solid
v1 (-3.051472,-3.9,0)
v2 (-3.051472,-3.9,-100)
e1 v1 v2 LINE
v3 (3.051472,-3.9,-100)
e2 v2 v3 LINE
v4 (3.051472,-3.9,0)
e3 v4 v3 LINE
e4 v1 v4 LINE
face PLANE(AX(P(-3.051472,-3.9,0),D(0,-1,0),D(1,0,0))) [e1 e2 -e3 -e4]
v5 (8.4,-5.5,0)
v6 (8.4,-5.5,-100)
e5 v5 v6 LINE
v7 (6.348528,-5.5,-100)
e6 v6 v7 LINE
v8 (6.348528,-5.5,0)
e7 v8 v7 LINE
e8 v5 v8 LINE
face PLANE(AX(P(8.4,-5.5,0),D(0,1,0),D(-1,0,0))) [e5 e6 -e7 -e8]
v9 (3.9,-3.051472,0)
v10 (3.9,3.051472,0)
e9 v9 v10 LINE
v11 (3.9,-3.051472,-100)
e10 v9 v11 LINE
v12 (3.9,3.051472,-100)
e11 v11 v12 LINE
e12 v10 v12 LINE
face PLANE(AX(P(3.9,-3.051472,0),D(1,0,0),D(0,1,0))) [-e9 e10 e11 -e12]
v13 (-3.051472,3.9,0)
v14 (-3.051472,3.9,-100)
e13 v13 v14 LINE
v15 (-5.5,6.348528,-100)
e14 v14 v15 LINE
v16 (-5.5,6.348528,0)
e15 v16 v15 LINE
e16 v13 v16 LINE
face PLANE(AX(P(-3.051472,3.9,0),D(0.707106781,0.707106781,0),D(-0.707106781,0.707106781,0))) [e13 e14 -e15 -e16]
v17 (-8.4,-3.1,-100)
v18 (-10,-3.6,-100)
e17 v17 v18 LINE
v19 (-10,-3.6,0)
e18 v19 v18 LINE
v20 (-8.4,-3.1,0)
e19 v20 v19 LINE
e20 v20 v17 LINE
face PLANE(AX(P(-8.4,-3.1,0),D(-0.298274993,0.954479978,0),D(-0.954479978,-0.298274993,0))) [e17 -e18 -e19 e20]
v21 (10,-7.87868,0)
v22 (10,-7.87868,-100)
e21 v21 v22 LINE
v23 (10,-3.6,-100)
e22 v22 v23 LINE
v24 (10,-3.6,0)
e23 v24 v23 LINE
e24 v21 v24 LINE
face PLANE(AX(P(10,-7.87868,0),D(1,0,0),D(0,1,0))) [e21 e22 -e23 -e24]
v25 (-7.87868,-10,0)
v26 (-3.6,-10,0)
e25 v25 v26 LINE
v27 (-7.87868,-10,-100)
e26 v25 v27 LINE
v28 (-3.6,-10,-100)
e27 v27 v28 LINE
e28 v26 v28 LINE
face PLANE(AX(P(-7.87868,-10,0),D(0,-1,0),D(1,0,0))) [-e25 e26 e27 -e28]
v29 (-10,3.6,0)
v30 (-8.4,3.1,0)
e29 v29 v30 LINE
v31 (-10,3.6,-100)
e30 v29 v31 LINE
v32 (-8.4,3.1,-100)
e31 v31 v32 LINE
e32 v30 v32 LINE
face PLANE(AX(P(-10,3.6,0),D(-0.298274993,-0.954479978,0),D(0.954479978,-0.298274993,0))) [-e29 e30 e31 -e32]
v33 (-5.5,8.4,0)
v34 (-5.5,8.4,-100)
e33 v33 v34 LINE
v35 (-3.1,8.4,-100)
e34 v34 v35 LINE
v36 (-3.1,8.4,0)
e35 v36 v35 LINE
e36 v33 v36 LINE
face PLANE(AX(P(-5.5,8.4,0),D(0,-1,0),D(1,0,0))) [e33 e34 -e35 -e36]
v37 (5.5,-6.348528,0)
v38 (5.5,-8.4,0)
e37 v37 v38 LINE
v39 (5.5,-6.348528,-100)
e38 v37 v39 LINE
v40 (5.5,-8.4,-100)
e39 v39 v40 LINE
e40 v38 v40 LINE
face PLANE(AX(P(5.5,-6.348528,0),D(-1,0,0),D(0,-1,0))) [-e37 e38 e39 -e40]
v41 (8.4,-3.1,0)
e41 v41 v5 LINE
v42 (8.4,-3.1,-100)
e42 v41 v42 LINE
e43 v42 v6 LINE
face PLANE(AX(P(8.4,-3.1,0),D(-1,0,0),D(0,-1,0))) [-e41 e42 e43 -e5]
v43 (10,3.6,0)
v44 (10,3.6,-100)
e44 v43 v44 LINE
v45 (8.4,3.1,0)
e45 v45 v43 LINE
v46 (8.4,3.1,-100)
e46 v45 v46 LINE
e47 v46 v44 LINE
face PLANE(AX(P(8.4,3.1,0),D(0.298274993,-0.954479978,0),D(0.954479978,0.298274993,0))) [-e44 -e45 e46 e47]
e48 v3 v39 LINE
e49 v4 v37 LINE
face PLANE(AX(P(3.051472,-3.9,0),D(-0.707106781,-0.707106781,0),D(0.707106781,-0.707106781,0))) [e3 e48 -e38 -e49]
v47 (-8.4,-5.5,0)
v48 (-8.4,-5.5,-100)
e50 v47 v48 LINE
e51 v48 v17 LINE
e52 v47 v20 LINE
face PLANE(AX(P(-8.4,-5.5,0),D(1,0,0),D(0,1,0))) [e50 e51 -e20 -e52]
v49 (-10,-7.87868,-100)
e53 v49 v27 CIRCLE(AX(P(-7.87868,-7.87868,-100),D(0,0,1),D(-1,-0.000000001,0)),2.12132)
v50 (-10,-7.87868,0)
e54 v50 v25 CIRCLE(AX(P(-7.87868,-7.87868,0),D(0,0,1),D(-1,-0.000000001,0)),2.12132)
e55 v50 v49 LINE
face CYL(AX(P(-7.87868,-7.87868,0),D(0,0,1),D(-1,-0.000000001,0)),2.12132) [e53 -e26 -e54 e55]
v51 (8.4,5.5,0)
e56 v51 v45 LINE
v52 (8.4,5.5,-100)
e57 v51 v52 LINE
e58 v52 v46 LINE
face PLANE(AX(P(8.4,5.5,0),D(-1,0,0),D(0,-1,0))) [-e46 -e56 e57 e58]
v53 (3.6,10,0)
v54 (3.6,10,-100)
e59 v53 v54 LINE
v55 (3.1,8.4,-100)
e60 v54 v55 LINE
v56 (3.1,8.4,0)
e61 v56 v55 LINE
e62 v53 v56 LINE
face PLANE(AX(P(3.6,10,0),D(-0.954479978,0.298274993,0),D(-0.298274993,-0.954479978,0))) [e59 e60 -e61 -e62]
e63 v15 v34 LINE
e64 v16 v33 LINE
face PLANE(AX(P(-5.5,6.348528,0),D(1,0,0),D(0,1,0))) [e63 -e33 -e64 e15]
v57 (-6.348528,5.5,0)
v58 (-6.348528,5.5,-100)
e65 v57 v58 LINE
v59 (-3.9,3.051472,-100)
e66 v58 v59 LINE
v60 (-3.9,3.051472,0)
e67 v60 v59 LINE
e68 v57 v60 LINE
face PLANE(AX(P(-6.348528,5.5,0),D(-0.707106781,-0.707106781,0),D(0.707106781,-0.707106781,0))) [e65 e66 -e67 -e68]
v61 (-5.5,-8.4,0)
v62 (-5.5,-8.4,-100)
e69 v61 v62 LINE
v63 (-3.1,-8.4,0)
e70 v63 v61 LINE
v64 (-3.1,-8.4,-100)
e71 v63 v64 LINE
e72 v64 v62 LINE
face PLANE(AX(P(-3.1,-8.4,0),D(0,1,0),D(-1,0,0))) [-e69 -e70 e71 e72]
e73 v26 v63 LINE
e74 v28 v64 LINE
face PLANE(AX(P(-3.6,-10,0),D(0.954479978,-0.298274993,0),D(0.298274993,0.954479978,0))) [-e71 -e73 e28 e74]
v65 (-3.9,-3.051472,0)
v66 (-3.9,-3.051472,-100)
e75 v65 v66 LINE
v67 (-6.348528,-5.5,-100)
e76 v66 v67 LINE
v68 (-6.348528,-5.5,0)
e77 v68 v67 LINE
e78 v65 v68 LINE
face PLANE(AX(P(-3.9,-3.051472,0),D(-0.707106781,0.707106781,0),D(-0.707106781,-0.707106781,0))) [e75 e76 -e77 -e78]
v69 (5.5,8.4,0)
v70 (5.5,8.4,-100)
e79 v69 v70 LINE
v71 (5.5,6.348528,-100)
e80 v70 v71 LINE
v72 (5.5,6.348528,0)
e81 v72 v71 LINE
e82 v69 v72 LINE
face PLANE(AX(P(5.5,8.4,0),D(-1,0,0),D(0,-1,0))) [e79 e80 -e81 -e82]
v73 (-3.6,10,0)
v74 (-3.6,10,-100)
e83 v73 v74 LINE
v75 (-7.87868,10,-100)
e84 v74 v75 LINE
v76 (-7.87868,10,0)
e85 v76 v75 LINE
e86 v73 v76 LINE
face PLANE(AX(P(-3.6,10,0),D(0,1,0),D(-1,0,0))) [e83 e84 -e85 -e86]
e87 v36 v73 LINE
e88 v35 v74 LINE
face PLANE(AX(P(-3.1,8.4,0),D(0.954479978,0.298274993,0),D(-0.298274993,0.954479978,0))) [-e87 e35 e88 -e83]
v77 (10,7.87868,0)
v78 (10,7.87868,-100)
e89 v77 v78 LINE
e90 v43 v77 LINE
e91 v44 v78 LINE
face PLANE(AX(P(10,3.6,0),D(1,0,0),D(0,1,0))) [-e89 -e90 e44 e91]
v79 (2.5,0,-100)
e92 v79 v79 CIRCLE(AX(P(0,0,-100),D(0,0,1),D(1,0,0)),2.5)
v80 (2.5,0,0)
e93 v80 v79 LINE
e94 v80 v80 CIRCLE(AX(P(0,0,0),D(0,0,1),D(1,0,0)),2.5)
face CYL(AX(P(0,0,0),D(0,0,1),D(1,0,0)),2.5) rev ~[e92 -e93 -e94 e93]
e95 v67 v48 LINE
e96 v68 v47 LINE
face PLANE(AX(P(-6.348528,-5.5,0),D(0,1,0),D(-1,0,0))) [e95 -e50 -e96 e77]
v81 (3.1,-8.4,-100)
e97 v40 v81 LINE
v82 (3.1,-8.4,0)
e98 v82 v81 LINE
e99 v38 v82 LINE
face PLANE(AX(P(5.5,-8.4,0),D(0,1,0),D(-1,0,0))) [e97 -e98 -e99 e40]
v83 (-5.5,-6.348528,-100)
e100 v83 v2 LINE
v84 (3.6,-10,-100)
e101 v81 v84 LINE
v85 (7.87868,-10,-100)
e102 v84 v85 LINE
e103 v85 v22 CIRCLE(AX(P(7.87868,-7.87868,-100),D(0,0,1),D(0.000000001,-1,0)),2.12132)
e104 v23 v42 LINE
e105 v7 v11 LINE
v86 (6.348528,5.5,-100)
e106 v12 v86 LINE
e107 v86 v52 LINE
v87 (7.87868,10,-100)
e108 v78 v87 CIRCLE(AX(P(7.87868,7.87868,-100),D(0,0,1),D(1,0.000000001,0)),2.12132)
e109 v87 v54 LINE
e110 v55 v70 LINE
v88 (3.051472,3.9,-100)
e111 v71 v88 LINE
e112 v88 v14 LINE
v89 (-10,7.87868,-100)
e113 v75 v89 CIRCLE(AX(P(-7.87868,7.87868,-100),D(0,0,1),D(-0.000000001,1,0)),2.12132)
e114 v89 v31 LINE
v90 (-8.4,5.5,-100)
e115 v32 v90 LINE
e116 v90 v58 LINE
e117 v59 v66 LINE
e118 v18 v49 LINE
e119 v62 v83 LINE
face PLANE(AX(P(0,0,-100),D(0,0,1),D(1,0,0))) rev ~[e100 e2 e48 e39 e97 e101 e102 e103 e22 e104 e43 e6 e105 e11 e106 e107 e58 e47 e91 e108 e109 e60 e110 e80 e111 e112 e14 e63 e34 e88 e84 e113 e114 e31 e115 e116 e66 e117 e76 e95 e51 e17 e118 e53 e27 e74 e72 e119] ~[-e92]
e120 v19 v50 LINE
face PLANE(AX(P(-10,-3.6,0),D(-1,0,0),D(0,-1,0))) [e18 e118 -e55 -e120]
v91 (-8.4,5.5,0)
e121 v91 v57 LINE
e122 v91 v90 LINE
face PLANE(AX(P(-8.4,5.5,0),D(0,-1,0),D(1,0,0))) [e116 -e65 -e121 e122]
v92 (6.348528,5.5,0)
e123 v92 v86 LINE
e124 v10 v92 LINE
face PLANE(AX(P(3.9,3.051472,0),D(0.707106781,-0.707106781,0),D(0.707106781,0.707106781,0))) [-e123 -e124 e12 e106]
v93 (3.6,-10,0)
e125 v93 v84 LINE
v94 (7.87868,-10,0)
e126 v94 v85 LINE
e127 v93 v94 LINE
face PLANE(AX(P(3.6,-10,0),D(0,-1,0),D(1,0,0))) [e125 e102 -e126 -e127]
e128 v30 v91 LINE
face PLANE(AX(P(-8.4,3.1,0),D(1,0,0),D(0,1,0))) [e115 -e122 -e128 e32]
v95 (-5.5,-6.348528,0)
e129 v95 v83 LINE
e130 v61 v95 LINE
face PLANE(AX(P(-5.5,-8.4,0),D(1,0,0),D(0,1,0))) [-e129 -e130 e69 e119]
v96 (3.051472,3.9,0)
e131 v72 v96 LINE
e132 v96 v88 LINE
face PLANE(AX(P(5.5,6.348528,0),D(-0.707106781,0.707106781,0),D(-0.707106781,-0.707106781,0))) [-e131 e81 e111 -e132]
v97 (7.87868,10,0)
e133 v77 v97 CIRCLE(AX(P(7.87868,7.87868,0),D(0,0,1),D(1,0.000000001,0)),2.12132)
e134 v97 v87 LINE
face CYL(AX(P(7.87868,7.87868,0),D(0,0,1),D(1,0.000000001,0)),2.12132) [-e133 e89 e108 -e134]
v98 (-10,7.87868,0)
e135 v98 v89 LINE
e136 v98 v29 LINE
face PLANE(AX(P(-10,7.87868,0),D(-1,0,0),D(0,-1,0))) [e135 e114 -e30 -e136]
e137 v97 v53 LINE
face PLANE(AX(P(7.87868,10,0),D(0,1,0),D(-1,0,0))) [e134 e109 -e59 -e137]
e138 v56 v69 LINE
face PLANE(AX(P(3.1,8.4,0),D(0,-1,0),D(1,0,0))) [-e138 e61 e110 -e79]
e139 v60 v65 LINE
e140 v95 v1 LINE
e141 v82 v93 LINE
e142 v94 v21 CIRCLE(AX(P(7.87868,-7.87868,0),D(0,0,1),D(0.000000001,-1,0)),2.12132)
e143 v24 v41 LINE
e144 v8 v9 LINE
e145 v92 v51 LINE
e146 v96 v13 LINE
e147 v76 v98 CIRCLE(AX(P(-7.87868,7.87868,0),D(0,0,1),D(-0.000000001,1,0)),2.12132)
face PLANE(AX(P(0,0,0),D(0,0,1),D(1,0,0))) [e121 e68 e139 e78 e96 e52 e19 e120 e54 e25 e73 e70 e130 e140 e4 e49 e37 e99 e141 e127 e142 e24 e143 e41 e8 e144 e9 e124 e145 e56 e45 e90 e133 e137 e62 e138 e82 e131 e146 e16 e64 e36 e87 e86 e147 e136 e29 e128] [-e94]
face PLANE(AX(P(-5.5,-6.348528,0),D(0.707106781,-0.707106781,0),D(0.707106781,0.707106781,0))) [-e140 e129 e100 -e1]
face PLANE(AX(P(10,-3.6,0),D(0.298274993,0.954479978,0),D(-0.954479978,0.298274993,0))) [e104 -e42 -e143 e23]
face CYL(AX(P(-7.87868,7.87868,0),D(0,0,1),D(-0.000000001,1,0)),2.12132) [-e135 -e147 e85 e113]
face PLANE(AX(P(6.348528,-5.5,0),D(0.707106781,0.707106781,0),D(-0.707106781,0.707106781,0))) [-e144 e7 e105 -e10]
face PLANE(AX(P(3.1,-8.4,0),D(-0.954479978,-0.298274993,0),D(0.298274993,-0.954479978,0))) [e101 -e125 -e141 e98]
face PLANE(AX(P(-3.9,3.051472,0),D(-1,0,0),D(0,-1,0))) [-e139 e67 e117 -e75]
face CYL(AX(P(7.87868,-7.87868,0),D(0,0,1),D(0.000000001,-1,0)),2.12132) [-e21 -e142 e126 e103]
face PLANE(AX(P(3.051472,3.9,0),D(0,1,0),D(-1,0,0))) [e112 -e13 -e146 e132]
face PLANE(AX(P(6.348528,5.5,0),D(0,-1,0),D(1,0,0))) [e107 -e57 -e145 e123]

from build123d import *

# Parameters (mm, degrees)
SKETCH_1_R      = 2.5
EXTRUDE_1_DEPTH = 100


with BuildPart() as part:
    # 草图1 → 凸台-拉伸1 (new body)
    with BuildSketch(Plane.XY):
        with BuildLine():
            ThreePointArc((-7.878679656, 10), (-9.378679656, 9.378679656), (-10, 7.878679656))
            Line((-10, 7.878679656), (-10, 3.6))
            Line((-10, 3.6), (-8.4, 3.1))
            Line((-8.4, 3.1), (-8.4, 5.5))
            Line((-8.4, 5.5), (-6.348528137, 5.5))
            Line((-6.348528137, 5.5), (-3.9, 3.051471863))
            Line((-3.9, 3.051471863), (-3.9, -3.051471863))
            Line((-3.9, -3.051471863), (-6.348528137, -5.5))
            Line((-6.348528137, -5.5), (-8.4, -5.5))
            Line((-8.4, -5.5), (-8.4, -3.1))
            Line((-8.4, -3.1), (-10, -3.6))
            Line((-10, -3.6), (-10, -7.878679656))
            ThreePointArc((-10, -7.878679656), (-9.378679656, -9.378679656), (-7.878679656, -10))
            Line((-7.878679656, -10), (-3.6, -10))
            Line((-3.6, -10), (-3.1, -8.4))
            Line((-3.1, -8.4), (-5.5, -8.4))
            Line((-5.5, -8.4), (-5.5, -6.348528137))
            Line((-5.5, -6.348528137), (-3.051471863, -3.9))
            Line((-3.051471863, -3.9), (3.051471863, -3.9))
            Line((3.051471863, -3.9), (5.5, -6.348528137))
            Line((5.5, -6.348528137), (5.5, -8.4))
            Line((5.5, -8.4), (3.1, -8.4))
            Line((3.1, -8.4), (3.6, -10))
            Line((3.6, -10), (7.878679656, -10))
            ThreePointArc((7.878679656, -10), (9.378679656, -9.378679656), (10, -7.878679656))
            Line((10, -7.878679656), (10, -3.6))
            Line((10, -3.6), (8.4, -3.1))
            Line((8.4, -3.1), (8.4, -5.5))
            Line((8.4, -5.5), (6.348528137, -5.5))
            Line((6.348528137, -5.5), (3.9, -3.051471863))
            Line((3.9, -3.051471863), (3.9, 3.051471863))
            Line((3.9, 3.051471863), (6.348528137, 5.5))
            Line((6.348528137, 5.5), (8.4, 5.5))
            Line((8.4, 5.5), (8.4, 3.1))
            Line((8.4, 3.1), (10, 3.6))
            Line((10, 3.6), (10, 7.878679656))
            ThreePointArc((10, 7.878679656), (9.378679656, 9.378679656), (7.878679656, 10))
            Line((7.878679656, 10), (6.359631643, 10))
            Line((6.359631643, 10), (3.6, 10))
            Line((3.6, 10), (3.1, 8.4))
            Line((3.1, 8.4), (5.5, 8.4))
            Line((5.5, 8.4), (5.5, 6.348528137))
            Line((5.5, 6.348528137), (3.051471863, 3.9))
            Line((3.051471863, 3.9), (-3.051471863, 3.9))
            Line((-3.051471863, 3.9), (-5.5, 6.348528137))
            Line((-5.5, 6.348528137), (-5.5, 8.4))
            Line((-5.5, 8.4), (-3.1, 8.4))
            Line((-3.1, 8.4), (-3.6, 10))
            Line((-3.6, 10), (-6.359631643, 10))
            Line((-6.359631643, 10), (-7.878679656, 10))
        make_face()
        Circle(SKETCH_1_R, mode=Mode.SUBTRACT)
    extrude(amount=-EXTRUDE_1_DEPTH)


solid = part.part
